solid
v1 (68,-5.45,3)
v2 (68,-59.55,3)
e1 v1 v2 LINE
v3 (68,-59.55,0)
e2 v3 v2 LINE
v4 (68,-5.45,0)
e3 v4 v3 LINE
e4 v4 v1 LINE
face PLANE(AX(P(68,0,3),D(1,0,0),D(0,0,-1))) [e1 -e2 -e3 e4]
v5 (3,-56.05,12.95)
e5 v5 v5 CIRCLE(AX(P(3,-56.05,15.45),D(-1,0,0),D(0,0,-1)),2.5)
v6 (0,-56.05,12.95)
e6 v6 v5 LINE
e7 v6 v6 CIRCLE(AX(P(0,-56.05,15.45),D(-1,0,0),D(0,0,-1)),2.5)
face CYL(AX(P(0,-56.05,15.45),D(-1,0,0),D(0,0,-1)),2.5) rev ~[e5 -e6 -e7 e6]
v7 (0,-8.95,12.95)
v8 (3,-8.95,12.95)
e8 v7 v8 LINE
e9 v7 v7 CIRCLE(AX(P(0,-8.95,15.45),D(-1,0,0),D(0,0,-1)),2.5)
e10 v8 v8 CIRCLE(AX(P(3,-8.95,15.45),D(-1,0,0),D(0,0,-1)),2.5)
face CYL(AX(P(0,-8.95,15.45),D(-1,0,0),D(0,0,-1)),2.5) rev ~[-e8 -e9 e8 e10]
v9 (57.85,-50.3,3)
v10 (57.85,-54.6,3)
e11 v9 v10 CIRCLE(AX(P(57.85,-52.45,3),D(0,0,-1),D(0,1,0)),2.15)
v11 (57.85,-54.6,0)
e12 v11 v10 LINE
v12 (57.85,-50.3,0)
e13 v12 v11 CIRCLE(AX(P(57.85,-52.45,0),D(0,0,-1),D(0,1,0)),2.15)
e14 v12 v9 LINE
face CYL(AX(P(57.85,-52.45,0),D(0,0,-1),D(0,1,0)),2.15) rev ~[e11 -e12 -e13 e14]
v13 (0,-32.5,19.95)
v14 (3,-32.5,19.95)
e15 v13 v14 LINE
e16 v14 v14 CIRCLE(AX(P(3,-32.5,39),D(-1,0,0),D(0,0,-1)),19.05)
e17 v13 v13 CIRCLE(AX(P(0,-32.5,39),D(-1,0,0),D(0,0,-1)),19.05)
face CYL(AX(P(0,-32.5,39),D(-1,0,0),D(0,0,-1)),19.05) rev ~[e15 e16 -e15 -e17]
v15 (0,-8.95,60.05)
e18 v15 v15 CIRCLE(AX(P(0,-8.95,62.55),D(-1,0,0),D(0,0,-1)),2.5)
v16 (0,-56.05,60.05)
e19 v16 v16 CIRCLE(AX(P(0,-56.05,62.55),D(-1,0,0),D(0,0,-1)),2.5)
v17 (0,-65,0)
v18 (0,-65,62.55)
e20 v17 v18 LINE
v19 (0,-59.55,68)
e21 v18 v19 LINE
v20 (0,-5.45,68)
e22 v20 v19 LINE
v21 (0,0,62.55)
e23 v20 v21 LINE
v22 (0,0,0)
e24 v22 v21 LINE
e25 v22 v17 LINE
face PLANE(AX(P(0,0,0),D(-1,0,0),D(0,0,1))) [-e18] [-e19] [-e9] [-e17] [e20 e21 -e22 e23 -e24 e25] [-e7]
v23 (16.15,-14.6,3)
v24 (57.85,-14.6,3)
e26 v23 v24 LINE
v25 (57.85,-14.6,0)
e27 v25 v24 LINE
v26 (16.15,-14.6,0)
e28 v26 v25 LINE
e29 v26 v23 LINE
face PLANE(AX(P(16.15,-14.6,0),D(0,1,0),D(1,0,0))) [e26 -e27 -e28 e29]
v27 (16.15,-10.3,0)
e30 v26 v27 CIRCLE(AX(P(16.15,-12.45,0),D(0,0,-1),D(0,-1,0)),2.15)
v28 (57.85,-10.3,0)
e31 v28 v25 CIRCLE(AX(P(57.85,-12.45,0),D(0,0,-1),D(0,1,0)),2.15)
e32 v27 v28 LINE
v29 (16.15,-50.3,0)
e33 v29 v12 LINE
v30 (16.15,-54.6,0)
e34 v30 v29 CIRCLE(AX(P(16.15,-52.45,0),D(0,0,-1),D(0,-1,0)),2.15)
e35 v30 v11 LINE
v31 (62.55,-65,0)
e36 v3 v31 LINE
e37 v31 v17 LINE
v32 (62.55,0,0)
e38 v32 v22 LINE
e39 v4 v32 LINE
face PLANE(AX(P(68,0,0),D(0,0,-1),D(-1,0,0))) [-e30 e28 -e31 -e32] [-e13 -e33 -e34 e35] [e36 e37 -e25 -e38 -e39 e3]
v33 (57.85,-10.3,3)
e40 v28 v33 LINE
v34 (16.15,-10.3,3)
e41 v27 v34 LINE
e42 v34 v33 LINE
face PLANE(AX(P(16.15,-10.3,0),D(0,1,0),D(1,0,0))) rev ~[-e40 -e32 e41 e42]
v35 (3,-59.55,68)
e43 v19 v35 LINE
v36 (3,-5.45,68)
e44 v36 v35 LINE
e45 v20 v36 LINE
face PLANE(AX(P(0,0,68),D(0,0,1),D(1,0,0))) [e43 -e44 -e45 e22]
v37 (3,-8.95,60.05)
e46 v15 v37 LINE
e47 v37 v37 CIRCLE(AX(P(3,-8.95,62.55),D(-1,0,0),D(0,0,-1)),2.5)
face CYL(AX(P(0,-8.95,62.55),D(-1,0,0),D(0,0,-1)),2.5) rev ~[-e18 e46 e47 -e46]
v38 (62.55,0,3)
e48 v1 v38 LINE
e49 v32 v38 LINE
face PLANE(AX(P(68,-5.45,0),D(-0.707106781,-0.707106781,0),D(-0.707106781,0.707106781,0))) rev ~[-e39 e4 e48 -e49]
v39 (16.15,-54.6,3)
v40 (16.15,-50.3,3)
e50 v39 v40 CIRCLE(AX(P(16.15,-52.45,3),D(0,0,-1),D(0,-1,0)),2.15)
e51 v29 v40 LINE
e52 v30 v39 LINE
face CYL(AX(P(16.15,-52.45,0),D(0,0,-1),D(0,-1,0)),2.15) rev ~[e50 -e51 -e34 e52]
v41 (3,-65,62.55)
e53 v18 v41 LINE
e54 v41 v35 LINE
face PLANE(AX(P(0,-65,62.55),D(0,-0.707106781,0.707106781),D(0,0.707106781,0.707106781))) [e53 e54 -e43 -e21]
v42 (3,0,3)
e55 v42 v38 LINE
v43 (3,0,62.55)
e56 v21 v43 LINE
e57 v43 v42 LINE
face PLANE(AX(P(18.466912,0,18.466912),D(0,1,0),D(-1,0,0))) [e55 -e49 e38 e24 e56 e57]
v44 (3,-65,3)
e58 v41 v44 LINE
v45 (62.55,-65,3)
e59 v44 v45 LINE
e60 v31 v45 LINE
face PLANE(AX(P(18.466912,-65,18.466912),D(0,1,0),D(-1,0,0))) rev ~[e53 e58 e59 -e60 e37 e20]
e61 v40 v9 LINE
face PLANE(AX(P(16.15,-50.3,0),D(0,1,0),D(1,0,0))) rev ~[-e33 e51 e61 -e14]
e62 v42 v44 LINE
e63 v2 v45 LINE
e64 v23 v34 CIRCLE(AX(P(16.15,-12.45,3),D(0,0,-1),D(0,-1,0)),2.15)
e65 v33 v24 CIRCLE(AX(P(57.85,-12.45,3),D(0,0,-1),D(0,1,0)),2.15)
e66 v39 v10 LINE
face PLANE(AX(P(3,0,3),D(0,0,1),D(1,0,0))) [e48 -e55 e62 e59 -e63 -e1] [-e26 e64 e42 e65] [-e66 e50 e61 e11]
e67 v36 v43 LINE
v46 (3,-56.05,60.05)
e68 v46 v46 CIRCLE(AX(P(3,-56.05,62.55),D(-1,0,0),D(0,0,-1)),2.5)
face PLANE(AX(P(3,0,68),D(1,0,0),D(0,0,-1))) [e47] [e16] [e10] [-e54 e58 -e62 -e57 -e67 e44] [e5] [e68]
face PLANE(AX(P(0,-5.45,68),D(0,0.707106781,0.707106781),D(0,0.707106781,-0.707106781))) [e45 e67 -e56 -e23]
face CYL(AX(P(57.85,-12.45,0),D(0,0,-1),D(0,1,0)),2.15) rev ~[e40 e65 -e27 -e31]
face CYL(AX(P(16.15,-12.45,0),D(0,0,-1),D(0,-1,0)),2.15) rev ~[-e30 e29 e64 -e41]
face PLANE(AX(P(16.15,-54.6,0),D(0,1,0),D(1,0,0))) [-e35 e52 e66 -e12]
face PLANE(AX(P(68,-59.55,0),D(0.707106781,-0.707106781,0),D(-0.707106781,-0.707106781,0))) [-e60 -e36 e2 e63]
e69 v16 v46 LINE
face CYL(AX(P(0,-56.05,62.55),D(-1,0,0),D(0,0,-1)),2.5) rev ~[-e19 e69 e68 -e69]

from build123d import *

# Parameters (mm, degrees)
PAD_DEPTH       = 65
SKETCH001_R     = 19.05
SKETCH001_R_2   = 2.5
POCKET_DEPTH    = 3
POCKET001_DEPTH = 3


with BuildPart() as part:
    # Sketch → Pad (new body)
    with BuildSketch(Plane.XZ):
        Polygon((0, 0), (0, 68), (3, 68), (3, 3), (68, 3), (68, 0), align=None)
    extrude(amount=PAD_DEPTH)

    # Sketch001 (on Face1 of Pad) → Pocket (cut)
    with BuildSketch(Plane(origin=(0, 0, 0), x_dir=(0, 0, -1), z_dir=(-1, 0, 0))):
        with Locations((-39, 32.5)):
            Circle(SKETCH001_R)
        with Locations((-62.55, 56.05)):
            Circle(SKETCH001_R_2)
        with Locations((-62.55, 8.95)):
            Circle(SKETCH001_R_2)
        with Locations((-15.45, 8.95)):
            Circle(SKETCH001_R_2)
        with Locations((-15.45, 56.05)):
            Circle(SKETCH001_R_2)
        Polygon((-62.55, 0), (-68, 0), (-68, 5.45), align=None)
        Polygon((-68, 59.55), (-68, 65), (-62.55, 65), align=None)
    extrude(amount=-POCKET_DEPTH, mode=Mode.SUBTRACT)

    # Sketch002 (on Face7 of Pocket) → Pocket001 (cut)
    with BuildSketch(Plane(origin=(0, 0, 0), x_dir=(1, 0, 0), z_dir=(0, 0, -1))):
        Polygon((62.55, 65), (68, 65), (68, 59.55), align=None)
        Polygon((62.55, 0), (68, 0), (68, 5.45), align=None)
        with BuildLine():
            ThreePointArc((16.15, 54.6), (14, 52.45), (16.15, 50.3))
            Line((16.15, 50.3), (57.85, 50.3))
            ThreePointArc((57.85, 50.3), (60, 52.45), (57.85, 54.6))
            Line((16.15, 54.6), (57.85, 54.6))
        make_face()
        with BuildLine():
            ThreePointArc((16.15, 14.6), (14, 12.45), (16.15, 10.3))
            Line((16.15, 10.3), (57.85, 10.3))
            ThreePointArc((57.85, 10.3), (60, 12.45), (57.85, 14.6))
            Line((16.15, 14.6), (57.85, 14.6))
        make_face()
    extrude(amount=-POCKET001_DEPTH, mode=Mode.SUBTRACT)


solid = part.part
